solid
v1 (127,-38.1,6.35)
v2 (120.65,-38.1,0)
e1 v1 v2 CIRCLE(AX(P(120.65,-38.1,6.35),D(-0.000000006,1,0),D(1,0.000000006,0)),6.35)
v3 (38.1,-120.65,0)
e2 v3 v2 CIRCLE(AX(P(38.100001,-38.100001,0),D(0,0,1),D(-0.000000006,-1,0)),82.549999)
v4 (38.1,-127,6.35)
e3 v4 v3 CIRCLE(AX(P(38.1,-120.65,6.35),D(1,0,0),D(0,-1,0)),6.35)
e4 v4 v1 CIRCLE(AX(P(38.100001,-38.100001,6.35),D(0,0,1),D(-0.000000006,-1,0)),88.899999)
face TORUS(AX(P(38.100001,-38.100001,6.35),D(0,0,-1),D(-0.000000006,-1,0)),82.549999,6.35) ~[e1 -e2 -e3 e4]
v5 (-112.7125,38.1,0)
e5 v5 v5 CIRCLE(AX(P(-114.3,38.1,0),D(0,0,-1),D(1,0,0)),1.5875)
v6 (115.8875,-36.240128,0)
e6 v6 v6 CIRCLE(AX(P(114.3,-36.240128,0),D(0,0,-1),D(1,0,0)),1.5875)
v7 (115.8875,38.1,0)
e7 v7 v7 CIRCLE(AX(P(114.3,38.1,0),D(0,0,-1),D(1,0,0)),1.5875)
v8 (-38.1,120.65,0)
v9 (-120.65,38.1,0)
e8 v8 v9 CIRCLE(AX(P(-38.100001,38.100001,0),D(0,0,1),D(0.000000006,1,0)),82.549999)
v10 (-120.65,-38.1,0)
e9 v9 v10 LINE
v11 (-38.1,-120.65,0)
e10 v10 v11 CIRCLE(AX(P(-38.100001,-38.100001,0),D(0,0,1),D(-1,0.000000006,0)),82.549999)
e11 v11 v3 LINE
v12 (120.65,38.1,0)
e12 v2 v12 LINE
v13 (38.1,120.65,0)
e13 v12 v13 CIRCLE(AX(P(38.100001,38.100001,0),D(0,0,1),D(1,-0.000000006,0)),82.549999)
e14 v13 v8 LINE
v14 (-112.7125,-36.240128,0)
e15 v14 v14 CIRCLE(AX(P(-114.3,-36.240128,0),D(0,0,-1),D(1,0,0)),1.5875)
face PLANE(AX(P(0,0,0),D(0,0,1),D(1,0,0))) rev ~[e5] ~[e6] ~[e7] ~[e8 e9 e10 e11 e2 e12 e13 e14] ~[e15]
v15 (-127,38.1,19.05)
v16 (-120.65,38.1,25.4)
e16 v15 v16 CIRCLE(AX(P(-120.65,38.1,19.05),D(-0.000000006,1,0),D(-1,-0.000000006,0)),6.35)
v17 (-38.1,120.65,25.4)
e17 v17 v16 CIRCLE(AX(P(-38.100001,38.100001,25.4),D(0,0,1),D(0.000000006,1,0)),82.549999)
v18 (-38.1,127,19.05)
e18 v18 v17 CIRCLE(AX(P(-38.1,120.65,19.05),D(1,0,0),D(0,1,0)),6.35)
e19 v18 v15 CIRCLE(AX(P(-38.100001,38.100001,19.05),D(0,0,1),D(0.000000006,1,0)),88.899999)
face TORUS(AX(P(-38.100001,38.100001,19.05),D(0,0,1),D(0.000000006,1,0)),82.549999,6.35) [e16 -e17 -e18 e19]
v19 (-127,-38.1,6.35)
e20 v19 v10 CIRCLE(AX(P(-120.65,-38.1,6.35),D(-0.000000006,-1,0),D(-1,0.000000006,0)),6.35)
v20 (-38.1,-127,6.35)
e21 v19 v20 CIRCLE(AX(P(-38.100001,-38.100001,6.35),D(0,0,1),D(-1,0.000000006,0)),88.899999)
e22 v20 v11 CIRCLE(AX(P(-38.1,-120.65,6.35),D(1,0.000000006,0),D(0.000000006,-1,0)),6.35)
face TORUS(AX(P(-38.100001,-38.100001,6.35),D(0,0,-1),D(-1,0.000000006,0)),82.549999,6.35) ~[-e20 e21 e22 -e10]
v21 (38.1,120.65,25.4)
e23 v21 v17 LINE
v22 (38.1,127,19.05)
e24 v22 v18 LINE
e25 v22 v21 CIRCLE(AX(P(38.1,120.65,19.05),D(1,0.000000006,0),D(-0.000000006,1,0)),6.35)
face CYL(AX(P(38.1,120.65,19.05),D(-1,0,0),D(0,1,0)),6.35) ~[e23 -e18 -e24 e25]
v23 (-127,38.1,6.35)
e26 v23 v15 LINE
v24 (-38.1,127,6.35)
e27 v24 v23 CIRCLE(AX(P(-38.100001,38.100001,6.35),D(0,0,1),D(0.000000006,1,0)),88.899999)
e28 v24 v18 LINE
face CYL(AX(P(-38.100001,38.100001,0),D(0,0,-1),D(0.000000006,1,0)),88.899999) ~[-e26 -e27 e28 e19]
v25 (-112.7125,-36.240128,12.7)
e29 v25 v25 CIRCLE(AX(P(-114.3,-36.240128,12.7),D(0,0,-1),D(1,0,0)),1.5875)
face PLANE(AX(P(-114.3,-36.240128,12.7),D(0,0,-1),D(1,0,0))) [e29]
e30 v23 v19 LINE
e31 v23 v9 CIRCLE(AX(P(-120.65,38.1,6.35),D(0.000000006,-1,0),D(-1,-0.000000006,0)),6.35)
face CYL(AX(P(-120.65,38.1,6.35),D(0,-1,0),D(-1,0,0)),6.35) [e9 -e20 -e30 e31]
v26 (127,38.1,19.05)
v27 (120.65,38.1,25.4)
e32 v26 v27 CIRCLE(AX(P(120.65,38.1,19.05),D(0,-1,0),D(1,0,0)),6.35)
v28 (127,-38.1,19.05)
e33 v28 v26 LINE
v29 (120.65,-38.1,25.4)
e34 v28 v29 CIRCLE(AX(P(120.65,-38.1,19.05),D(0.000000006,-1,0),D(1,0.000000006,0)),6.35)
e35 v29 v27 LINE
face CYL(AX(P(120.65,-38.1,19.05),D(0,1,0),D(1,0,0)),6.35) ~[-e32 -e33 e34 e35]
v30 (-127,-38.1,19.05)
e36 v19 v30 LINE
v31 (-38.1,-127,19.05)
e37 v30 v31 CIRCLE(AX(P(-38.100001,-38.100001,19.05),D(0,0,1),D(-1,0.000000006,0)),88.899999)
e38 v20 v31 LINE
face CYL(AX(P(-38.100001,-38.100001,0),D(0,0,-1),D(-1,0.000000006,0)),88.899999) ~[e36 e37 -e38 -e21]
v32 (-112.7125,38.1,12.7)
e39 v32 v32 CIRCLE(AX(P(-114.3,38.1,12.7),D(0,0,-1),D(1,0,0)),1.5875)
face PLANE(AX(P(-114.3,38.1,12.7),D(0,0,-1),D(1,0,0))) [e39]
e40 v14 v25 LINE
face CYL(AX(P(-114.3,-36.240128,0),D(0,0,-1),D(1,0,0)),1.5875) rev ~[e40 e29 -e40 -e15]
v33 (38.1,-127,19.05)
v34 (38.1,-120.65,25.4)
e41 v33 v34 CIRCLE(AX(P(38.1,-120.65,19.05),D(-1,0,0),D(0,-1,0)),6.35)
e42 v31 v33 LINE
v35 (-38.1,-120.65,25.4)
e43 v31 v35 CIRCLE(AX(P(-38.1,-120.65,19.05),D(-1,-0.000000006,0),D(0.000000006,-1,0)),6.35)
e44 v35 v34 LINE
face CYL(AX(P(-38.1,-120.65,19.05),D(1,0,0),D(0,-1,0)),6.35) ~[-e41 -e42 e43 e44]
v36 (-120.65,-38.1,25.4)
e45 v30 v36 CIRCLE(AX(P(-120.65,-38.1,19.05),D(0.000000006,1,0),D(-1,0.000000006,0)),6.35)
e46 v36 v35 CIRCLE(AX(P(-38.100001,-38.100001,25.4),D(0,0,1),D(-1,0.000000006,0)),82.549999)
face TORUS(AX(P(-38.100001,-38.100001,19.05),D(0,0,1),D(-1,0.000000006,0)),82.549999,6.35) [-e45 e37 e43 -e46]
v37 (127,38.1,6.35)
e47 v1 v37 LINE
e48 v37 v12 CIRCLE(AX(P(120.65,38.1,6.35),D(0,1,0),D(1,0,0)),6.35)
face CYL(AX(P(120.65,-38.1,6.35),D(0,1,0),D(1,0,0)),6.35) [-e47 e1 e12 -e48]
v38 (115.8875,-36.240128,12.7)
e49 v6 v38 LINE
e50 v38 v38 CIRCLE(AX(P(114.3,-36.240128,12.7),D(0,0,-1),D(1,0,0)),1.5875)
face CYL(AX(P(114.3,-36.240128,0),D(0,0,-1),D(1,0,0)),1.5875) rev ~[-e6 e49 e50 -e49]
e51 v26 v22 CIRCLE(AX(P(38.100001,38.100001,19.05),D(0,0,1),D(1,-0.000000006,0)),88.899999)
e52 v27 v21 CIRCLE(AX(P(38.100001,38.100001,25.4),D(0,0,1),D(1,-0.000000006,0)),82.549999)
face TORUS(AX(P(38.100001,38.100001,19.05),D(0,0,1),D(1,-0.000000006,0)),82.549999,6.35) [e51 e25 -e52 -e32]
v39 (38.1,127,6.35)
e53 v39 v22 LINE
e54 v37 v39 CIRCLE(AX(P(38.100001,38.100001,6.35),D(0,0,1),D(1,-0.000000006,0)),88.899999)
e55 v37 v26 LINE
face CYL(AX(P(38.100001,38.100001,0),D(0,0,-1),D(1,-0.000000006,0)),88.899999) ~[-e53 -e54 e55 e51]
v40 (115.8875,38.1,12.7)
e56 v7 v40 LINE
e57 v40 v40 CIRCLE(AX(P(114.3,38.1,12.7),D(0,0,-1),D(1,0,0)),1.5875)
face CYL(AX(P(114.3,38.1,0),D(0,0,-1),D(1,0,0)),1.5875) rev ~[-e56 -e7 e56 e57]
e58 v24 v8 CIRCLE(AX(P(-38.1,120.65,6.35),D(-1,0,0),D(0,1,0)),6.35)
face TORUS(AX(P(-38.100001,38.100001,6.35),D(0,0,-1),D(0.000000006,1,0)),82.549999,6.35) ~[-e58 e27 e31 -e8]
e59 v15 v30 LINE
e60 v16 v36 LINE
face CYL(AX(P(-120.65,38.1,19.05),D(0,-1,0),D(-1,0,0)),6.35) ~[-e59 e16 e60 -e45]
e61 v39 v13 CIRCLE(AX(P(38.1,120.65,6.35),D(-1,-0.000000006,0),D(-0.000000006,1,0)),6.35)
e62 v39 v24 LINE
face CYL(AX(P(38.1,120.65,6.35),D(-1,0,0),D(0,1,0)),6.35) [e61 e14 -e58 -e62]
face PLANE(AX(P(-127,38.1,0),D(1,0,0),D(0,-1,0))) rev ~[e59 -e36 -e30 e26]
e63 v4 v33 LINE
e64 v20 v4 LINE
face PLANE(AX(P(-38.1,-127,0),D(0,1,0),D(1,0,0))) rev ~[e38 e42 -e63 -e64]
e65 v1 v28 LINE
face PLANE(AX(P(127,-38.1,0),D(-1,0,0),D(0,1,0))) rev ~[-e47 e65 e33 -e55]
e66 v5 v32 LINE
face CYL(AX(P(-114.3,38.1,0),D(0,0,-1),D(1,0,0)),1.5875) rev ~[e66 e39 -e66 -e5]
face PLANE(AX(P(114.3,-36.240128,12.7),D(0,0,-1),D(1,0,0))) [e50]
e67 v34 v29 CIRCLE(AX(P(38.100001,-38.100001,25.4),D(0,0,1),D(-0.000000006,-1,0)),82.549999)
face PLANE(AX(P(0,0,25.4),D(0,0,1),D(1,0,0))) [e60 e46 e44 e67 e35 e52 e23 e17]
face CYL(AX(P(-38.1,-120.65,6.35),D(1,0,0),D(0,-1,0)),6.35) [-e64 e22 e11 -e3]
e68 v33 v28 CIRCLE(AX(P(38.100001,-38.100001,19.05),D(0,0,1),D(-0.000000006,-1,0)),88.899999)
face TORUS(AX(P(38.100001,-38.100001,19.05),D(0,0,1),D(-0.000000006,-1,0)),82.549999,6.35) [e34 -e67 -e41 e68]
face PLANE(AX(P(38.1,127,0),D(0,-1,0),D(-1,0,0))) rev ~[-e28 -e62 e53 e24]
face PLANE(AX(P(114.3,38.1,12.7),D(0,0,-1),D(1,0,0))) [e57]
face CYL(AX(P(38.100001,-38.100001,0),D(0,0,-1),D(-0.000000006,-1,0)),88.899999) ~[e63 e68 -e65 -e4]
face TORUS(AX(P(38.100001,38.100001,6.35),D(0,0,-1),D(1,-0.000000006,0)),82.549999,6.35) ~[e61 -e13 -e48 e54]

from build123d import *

# Parameters (mm, degrees)
F1_DEPTH = 25.4
F2_R     = 6.35
F3_R     = 1.5875
F4_DEPTH = 12.7


with BuildPart() as f1:
    # F0 (on Top) → F1 (new body)
    with BuildSketch(Plane.XY):
        with BuildLine():
            ThreePointArc((127, 38.1), (100.961793, 100.961793), (38.1, 127))
            Line((38.1, 127), (-38.1, 127))
            ThreePointArc((-38.1, 127), (-100.961793, 100.961793), (-127, 38.1))
            Line((-127, 38.1), (-127, -38.1))
            ThreePointArc((-127, -38.1), (-100.961793, -100.961793), (-38.1, -127))
            Line((-38.1, -127), (38.1, -127))
            ThreePointArc((38.1, -127), (100.961793, -100.961793), (127, -38.1))
            Line((127, -38.1), (127, 38.1))
        make_face()
    extrude(amount=F1_DEPTH)

    # F2
    f2_edges = [f1.edges().sort_by_distance(p)[0] for p in [
        (-100.961793, -100.961793, 25.4),
        (-100.961793, -100.961793, 0),
    ]]
    fillet(f2_edges, radius=F2_R)

    # F3 (on face) → F4 (cut)
    with BuildSketch(Plane(origin=(0, 0, 0), x_dir=(1, 0, 0), z_dir=(0, 0, -1))):
        with Locations((-114.3, 36.240128)):
            Circle(F3_R)
        with Locations((114.3, 36.240128)):
            Circle(F3_R)
        with Locations((114.3, -38.1)):
            Circle(F3_R)
        with Locations((-114.3, -38.1)):
            Circle(F3_R)
    extrude(amount=-F4_DEPTH, mode=Mode.SUBTRACT)


solid = f1.part
